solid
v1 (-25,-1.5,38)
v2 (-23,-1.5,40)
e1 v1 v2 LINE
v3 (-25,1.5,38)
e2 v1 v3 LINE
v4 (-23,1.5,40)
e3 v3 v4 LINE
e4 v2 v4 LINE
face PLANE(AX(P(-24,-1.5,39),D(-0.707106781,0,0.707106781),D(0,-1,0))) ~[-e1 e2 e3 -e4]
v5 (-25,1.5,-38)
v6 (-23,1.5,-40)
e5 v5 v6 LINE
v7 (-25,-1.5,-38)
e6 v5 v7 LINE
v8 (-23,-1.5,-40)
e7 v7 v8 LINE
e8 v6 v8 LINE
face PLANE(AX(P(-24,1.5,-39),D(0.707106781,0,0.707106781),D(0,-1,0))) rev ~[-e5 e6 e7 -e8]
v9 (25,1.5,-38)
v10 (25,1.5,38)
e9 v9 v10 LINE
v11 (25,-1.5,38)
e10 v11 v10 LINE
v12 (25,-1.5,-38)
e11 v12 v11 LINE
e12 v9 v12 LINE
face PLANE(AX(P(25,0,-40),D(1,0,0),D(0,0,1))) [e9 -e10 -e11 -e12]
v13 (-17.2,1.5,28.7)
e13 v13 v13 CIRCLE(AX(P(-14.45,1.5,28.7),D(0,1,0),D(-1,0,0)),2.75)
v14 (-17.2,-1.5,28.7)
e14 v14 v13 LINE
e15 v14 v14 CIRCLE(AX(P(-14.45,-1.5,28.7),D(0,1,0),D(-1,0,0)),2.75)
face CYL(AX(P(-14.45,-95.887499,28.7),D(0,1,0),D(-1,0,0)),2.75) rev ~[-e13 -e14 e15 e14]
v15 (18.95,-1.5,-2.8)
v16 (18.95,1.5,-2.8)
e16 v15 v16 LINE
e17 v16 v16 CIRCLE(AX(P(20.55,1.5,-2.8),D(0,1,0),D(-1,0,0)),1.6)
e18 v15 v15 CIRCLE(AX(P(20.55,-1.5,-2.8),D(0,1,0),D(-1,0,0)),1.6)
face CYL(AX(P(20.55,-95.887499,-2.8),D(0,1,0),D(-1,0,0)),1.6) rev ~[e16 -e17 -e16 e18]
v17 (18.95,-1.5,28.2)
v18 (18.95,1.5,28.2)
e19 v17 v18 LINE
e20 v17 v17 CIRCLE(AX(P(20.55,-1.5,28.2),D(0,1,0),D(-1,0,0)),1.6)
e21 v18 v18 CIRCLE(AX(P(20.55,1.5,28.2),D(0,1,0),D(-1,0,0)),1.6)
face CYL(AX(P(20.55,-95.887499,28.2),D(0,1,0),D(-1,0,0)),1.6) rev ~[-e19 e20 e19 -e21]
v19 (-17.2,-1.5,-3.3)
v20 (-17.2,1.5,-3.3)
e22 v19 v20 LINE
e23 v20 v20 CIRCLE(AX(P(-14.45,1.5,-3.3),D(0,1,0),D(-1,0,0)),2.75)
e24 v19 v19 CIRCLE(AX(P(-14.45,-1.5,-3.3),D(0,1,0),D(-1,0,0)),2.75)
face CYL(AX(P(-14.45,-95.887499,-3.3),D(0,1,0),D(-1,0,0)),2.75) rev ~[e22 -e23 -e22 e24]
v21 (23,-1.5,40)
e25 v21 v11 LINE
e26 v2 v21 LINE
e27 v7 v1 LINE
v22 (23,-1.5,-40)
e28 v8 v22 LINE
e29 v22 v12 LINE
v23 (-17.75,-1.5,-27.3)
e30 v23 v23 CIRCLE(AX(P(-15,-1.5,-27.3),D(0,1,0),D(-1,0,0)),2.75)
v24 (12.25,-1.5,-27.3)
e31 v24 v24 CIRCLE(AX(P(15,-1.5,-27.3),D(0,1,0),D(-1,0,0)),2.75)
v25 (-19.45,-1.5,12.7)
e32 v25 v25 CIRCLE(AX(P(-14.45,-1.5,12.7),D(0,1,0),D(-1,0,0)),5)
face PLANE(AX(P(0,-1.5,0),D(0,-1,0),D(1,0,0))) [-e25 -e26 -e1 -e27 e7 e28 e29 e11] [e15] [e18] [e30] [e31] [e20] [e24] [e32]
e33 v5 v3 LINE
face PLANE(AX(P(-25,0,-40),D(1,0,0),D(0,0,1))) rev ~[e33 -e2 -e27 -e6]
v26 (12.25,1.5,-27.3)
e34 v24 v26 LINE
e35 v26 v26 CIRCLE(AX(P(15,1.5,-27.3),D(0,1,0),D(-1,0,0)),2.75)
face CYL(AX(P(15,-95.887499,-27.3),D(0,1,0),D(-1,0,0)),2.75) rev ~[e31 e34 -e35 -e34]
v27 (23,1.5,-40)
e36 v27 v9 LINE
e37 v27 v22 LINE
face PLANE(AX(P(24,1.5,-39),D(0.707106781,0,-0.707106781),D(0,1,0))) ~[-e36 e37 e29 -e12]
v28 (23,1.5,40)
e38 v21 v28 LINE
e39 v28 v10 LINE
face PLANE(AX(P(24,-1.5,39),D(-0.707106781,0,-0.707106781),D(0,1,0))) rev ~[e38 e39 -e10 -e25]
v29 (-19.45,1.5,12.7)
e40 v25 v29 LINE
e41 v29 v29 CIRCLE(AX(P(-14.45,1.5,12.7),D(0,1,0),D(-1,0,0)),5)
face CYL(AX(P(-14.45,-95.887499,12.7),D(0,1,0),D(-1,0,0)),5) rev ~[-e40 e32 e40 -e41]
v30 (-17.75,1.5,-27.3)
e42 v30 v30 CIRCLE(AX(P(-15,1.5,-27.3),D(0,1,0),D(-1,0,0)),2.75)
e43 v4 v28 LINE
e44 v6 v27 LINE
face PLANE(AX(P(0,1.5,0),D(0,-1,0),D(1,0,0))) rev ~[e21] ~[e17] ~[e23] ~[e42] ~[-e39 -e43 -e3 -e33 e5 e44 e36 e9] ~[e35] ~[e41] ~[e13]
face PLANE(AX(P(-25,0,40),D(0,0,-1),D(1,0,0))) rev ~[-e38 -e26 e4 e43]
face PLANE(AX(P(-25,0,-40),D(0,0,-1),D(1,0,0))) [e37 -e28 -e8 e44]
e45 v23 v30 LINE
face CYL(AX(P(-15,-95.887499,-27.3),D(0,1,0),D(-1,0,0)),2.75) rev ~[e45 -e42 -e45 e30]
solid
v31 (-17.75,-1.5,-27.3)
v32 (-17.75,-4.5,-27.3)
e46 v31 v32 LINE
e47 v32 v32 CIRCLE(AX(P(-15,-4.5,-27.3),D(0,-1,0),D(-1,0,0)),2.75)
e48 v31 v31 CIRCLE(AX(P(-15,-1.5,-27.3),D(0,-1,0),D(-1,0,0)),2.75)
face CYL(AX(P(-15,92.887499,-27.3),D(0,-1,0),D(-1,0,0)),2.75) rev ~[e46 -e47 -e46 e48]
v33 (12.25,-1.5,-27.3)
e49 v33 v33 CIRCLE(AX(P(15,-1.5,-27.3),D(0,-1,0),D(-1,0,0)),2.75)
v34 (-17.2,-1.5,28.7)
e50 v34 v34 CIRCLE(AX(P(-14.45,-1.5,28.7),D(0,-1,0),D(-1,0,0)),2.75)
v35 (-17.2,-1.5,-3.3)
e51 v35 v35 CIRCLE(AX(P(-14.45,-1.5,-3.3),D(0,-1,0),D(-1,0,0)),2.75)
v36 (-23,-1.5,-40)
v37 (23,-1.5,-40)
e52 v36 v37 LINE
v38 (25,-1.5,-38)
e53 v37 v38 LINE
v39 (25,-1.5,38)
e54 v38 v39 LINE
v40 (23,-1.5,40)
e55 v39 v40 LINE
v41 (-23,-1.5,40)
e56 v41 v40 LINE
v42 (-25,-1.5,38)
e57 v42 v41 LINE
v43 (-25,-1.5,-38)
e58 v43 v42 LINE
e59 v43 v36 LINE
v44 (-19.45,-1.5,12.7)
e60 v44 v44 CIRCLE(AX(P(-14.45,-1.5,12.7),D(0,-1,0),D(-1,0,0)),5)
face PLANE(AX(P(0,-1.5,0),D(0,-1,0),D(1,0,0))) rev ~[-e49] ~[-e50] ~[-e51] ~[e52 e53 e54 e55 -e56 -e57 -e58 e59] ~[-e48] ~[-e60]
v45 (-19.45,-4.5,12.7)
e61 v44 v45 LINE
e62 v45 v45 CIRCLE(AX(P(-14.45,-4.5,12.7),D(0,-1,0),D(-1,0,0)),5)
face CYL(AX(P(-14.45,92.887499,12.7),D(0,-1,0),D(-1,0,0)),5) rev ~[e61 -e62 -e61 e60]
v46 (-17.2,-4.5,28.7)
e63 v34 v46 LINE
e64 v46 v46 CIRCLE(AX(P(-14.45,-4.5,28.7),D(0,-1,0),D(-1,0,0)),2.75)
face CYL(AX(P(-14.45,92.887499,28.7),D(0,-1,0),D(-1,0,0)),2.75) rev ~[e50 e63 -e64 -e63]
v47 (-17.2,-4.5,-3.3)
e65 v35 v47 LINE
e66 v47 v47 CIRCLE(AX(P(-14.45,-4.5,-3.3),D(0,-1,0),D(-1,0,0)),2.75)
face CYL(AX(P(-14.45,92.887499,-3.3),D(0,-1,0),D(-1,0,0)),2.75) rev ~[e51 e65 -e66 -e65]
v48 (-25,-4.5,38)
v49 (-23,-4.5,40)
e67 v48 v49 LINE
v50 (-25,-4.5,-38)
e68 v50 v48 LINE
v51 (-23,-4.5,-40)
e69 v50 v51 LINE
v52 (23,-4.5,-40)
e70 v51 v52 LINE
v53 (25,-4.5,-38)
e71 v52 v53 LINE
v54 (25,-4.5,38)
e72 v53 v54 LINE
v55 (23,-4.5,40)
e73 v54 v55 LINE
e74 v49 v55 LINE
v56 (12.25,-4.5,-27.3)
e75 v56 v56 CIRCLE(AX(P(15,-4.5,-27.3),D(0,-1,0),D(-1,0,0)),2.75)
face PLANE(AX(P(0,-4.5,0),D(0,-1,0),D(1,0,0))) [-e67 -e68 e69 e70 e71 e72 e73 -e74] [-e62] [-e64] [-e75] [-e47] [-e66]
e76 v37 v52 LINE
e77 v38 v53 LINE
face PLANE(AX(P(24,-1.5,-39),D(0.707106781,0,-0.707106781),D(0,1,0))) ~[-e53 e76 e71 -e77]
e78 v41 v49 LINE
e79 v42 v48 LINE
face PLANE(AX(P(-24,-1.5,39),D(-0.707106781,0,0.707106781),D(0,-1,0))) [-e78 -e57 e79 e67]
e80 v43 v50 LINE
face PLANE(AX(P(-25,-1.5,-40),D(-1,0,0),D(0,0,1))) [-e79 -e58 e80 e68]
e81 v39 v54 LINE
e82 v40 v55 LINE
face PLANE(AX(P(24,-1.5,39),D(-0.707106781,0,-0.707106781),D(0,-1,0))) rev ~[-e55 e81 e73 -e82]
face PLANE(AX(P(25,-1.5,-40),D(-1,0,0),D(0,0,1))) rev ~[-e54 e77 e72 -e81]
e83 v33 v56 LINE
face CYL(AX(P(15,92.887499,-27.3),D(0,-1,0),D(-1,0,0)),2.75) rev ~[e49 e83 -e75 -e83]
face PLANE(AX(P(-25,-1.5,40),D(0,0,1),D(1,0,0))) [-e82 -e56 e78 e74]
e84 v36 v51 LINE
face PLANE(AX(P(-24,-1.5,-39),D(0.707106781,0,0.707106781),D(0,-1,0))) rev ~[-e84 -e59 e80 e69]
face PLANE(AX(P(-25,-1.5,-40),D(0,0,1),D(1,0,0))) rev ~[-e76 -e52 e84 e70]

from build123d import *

# Parameters (mm, degrees)
F0_W     = 50
F0_H     = 80
F1_DEPTH = 1.5
F3_D     = 5.5
F4_D     = 3.2
F5_SIZE  = 2
F6_D     = 5.5
F7_D     = 10
F2_W     = 50
F2_H     = 80
F8_DEPTH = 3
F9_SIZE  = 2
F10_D    = 5.5
F11_D    = 5.5
F12_D    = 10


with BuildPart() as f1:
    # F0 (on Front) → F1 (new body, symmetric)
    with BuildSketch(Plane.XZ):
        Rectangle(F0_W, F0_H)
    extrude(amount=F1_DEPTH, both=True)

    # F3 (through all)
    with Locations(Plane.XZ.offset(1.5)):
        with Locations((-15, -27.3), (15, -27.3)):
            Hole(F3_D / 2)

    # F4 (through all)
    with Locations(Plane.XZ.offset(1.5)):
        with Locations((20.55, 28.2), (20.55, -2.8)):
            Hole(F4_D / 2)

    # F5
    f5_edges = [f1.edges().sort_by_distance(p)[0] for p in [
        (-25, 0, 40),
        (-25, 0, -40),
        (25, 0, 40),
        (25, 0, -40),
    ]]
    chamfer(f5_edges, length=F5_SIZE)

    # F6 (through all)
    with Locations(Plane.XZ.offset(1.5)):
        with Locations((-14.45, 28.7), (-14.45, -3.3)):
            Hole(F6_D / 2)

    # F7 (through all)
    with Locations(Plane.XZ.offset(1.5)):
        with Locations((-14.45, 12.7)):
            Hole(F7_D / 2)


with BuildPart() as f8:
    # F2 (on face) → F8 (new body)
    with BuildSketch(Plane.XZ.offset(1.5)):
        Rectangle(F2_W, F2_H)
    extrude(amount=F8_DEPTH)

    # F9
    f9_edges = [f8.edges().sort_by_distance(p)[0] for p in [
        (25, -3, 40),
        (-25, -3, 40),
        (25, -3, -40),
        (-25, -3, -40),
    ]]
    chamfer(f9_edges, length=F9_SIZE)

    # F10 (through all)
    with Locations(Plane(origin=(0, -1.5, 0), x_dir=(1, 0, 0), z_dir=(0, 1, 0))):
        with Locations((15, 27.3), (-15, 27.3)):
            Hole(F10_D / 2)

    # F11 (through all)
    with Locations(Plane(origin=(0, -1.5, 0), x_dir=(1, 0, 0), z_dir=(0, 1, 0))):
        with Locations((-14.45, -28.7), (-14.45, 3.3)):
            Hole(F11_D / 2)

    # F12 (through all)
    with Locations(Plane(origin=(0, -1.5, 0), x_dir=(1, 0, 0), z_dir=(0, 1, 0))):
        with Locations((-14.45, -12.7)):
            Hole(F12_D / 2)


solid = Compound([f1.part, f8.part])
